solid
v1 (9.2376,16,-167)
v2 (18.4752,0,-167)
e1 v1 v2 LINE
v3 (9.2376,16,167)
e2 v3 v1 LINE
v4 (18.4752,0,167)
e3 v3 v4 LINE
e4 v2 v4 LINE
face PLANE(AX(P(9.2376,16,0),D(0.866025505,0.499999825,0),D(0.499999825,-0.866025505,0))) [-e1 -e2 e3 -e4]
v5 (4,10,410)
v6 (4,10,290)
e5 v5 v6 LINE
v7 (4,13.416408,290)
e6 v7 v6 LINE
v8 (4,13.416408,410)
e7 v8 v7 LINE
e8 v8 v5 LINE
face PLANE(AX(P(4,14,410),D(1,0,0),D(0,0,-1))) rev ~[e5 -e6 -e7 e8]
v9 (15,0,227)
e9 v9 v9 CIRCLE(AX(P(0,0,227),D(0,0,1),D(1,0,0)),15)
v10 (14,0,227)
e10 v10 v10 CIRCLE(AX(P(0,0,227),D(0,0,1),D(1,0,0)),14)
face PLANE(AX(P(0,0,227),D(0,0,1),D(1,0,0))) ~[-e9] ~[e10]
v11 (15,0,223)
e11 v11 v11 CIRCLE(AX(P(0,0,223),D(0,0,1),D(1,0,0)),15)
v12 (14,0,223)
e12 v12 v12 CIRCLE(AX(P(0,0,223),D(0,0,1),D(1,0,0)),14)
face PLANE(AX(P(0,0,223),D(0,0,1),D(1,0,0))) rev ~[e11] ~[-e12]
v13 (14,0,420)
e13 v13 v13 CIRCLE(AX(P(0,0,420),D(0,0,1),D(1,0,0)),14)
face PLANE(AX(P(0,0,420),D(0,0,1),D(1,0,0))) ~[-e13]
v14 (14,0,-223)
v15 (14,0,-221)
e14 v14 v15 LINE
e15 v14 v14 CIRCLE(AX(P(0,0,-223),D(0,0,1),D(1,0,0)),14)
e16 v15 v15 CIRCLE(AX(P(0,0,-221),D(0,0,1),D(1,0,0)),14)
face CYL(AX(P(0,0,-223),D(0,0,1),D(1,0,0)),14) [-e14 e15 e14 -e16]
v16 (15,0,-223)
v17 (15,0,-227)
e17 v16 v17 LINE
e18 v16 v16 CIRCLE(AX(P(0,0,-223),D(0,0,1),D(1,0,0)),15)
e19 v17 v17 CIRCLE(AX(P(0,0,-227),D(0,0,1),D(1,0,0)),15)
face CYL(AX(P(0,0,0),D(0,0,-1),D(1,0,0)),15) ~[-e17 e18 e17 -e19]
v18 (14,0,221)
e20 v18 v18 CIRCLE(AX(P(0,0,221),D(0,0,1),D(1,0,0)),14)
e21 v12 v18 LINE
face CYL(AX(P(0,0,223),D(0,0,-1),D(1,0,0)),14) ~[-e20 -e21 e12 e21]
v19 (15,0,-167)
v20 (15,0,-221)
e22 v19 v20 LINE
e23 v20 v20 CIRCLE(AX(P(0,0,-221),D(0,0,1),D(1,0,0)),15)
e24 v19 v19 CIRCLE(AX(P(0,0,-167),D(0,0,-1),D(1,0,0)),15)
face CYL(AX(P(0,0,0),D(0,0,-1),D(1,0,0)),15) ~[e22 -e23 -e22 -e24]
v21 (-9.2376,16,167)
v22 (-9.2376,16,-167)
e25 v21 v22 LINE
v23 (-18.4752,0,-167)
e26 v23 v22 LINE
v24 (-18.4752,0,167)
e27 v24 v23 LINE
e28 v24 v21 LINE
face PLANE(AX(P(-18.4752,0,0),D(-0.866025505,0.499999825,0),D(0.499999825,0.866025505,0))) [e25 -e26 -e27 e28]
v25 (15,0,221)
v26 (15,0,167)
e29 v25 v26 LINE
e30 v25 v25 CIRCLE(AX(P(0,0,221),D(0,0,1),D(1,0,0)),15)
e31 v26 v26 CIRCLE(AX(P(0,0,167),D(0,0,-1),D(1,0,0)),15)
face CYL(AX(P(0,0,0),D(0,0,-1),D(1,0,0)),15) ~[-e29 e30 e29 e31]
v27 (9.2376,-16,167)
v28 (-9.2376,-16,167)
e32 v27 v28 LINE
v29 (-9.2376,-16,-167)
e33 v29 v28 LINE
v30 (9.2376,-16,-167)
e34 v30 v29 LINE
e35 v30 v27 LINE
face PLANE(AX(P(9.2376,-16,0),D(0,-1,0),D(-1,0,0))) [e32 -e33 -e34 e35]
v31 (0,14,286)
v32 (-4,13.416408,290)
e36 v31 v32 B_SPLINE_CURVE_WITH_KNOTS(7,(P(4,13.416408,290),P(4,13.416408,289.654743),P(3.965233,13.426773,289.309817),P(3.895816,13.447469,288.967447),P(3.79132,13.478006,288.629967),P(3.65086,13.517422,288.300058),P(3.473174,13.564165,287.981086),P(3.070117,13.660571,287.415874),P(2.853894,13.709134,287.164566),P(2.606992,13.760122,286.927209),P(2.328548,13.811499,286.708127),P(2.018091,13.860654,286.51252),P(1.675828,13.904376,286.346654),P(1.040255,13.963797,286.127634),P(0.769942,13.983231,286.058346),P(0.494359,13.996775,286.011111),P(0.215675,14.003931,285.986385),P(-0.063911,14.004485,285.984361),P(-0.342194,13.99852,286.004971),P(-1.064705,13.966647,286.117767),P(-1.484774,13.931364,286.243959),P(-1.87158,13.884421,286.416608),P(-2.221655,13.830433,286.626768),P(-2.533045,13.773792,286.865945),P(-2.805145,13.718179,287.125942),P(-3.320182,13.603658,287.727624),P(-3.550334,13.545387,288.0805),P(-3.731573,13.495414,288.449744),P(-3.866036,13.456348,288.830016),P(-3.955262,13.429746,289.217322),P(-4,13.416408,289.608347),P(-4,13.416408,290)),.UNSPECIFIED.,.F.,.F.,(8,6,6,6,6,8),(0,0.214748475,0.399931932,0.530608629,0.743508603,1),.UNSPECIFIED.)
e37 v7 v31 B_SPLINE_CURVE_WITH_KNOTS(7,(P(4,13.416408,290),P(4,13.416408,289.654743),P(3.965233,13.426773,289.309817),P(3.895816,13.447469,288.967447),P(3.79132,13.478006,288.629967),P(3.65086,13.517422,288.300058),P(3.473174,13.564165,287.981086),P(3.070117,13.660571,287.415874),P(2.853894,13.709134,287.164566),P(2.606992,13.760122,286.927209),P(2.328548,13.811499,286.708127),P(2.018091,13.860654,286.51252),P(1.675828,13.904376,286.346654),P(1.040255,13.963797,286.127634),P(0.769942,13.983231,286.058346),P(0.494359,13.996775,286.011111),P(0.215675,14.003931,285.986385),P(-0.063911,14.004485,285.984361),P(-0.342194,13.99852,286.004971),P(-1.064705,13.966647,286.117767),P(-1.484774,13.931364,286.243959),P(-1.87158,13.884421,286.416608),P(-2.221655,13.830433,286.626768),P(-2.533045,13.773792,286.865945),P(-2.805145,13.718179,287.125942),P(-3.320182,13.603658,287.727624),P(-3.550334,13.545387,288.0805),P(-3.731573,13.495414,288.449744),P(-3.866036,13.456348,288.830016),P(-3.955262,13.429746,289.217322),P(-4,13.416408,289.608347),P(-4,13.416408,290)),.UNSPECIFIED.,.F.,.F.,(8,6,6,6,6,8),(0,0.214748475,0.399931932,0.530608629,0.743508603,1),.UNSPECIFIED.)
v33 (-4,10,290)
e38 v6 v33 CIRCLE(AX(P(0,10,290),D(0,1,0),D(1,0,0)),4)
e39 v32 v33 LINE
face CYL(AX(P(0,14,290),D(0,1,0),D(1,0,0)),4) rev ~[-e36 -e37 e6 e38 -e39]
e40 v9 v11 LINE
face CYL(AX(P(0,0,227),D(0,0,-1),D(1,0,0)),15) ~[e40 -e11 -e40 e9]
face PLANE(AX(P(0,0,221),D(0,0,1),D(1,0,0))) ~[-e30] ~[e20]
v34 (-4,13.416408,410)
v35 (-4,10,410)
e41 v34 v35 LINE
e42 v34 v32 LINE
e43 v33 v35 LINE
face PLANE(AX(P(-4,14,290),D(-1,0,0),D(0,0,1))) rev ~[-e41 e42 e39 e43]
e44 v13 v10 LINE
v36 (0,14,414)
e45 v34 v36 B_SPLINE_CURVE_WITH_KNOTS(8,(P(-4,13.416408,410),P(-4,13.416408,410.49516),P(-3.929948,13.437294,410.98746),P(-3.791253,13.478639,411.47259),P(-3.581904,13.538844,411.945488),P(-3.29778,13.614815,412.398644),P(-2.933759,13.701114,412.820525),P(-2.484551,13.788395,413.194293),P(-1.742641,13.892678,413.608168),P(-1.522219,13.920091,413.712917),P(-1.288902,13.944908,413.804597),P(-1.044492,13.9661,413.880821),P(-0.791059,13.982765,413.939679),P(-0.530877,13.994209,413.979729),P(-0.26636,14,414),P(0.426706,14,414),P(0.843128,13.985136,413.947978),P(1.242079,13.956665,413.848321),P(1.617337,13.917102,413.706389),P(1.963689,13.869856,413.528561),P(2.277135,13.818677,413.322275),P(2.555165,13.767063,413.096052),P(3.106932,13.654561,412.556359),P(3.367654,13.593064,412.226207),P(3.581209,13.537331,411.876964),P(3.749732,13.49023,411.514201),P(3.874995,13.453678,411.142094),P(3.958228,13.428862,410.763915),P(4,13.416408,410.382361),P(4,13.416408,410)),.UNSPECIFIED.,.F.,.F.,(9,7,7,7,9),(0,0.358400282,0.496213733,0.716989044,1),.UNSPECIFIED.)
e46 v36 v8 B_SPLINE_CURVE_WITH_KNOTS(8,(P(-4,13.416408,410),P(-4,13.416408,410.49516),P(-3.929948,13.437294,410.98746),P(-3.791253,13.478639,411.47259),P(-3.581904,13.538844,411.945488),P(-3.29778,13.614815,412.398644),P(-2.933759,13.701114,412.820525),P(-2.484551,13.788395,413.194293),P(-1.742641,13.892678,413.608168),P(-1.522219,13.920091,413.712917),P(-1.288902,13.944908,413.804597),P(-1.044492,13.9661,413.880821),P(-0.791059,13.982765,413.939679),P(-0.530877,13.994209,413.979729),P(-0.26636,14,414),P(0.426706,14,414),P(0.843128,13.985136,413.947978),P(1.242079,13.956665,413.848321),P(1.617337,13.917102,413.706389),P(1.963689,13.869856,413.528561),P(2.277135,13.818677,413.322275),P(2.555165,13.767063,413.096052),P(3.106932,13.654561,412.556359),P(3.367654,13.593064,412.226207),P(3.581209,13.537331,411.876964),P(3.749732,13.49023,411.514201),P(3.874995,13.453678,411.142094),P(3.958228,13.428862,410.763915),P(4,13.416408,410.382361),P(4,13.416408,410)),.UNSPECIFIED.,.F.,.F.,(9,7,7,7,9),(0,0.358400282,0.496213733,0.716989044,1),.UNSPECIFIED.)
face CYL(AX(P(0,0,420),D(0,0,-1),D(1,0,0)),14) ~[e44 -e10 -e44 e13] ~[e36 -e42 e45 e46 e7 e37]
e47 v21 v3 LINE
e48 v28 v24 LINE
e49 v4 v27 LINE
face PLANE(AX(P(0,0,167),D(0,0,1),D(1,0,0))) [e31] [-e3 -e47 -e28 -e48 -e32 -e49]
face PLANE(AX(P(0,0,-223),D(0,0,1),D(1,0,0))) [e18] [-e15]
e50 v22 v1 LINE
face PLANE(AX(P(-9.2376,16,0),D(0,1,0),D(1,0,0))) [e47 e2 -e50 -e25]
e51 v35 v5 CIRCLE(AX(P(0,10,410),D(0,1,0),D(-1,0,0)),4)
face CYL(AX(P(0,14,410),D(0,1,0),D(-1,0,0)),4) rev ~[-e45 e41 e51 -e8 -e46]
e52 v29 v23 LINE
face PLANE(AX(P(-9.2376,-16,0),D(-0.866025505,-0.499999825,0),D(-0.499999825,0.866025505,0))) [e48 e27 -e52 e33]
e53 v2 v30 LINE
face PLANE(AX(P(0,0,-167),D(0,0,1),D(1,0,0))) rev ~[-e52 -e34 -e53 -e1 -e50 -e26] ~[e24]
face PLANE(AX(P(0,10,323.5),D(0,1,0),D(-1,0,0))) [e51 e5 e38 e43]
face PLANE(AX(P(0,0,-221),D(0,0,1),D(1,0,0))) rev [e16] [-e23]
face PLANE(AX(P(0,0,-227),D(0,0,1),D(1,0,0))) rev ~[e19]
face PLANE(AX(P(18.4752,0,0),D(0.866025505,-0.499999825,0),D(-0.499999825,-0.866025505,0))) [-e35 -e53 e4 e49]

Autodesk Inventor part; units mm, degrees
ref_plane "YZ Plane" through (0, 0, 0) normal (1, 0, 0) x (0, 1, 0)
ref_plane "XY Plane" through (0, 0, 0) normal (0, 0, 1) x (1, 0, 0)
sketch "Sketch1" plane through (0, 0, 0) normal (0, 0, 1) x (1, 0, 0)
  line L0 (-9.2376, -16) -> (-18.4752, 0)
  line L1 (-18.4752, 0) -> (-9.2376, 16)
  line L2 (-9.2376, 16) -> (9.2376, 16)
  line L3 (9.2376, 16) -> (18.4752, 0)
  line L4 (18.4752, 0) -> (9.2376, -16)
  line L5 (9.2376, -16) -> (-9.2376, -16)
  point P0 (0, 0)
  point P1 (0, 0)
  dimension "d0" = 32
extrude "Extrusion1" add sketch "Sketch1" along normal mid plane 334
sketch "Sketch3" plane through (0, 0, 0) normal (0, 1, 0) x (-1, 0, 0)
  line L0 (0, -227) -> (0, 0)
  line L1 (0, 0) -> (0, 420)
  line L2 (0, 420) -> (-14, 420)
  line L3 (-14, 420) -> (-14, 227)
  line L4 (-14, 227) -> (-15, 227)
  line L5 (-15, 227) -> (-15, 0)
  line L6 (-15, 0) -> (-15, -227)
  line L7 (-15, -227) -> (0, -227)
  line L8 (-15, -223) -> (-14, -223)
  line L9 (-14, -223) -> (-14, -221)
  line L10 (-14, -221) -> (-15, -221)
  line L11 (-15, -221) -> (-15, -223)
  line L12 (-14, 416) -> (-13, 416)
  line L13 (-13, 416) -> (-13, 414)
  line L14 (-13, 414) -> (-14, 414)
  line L15 (-14, 414) -> (-14, 416)
  line L16 (-15, 223) -> (-14, 223)
  line L17 (-14, 223) -> (-14, 221)
  line L18 (-14, 221) -> (-15, 221)
  line L19 (-15, 221) -> (-15, 223)
  point P0 (-15, 221)
  dimension "d8" = 30
  dimension "d9" = 227
  dimension "d10" = 420
  dimension "d12" = 28
  dimension "d14" = 4
  dimension "d15" = 2
  dimension "d16" = 26
  dimension "d17" = 2
  dimension "d18" = 4
  dimension "d19" = 28
  dimension "d20" = 227
  dimension "d21" = 2
  dimension "d22" = 4
  dimension "d23" = 28
revolve "Revolution1" add sketch "Sketch3" angle 360 about axis through (0, 0, -227) along (0, 0, 1) contours L7 L6 L8 L9 L10 L5 L18 L17 L16 L4 L3 L14 L13 L12 L2 L1 L0 | L12 L13 L14 L3
ref_plane "Work Plane1" through (0, 14, 323.5) normal (0, 1, 0) x (-1, 0, 0)
sketch "Sketch4" plane through (0, 14, 323.5) normal (0, 1, 0) x (-1, 0, 0)
  line L0 (14, -96.5) -> (-14, -96.5) construction
  line L1 (14, 96.5) -> (-14, 96.5) construction
  line L2 (0, 86.5) -> (0, -33.5) construction
  line L3 (-4, 86.5) -> (-4, -33.5)
  line L4 (4, -33.5) -> (4, 86.5)
  arc A0 (4, 86.5) -> (-4, 86.5) centre (0, 86.5) ccw
  arc A1 (-4, -33.5) -> (4, -33.5) centre (0, -33.5) ccw
  point P0 (0, -323.5)
  point P1 (0, 26.5)
  point P2 (0, 96.5)
  dimension "d24" = 8
  dimension "d25" = 10
  dimension "d26" = 120
extrude "Extrusion3" cut sketch "Sketch4" against normal blind 4
equation "\"d23\" = d19"
properties part number "NVPH-201 shredder shaft"
